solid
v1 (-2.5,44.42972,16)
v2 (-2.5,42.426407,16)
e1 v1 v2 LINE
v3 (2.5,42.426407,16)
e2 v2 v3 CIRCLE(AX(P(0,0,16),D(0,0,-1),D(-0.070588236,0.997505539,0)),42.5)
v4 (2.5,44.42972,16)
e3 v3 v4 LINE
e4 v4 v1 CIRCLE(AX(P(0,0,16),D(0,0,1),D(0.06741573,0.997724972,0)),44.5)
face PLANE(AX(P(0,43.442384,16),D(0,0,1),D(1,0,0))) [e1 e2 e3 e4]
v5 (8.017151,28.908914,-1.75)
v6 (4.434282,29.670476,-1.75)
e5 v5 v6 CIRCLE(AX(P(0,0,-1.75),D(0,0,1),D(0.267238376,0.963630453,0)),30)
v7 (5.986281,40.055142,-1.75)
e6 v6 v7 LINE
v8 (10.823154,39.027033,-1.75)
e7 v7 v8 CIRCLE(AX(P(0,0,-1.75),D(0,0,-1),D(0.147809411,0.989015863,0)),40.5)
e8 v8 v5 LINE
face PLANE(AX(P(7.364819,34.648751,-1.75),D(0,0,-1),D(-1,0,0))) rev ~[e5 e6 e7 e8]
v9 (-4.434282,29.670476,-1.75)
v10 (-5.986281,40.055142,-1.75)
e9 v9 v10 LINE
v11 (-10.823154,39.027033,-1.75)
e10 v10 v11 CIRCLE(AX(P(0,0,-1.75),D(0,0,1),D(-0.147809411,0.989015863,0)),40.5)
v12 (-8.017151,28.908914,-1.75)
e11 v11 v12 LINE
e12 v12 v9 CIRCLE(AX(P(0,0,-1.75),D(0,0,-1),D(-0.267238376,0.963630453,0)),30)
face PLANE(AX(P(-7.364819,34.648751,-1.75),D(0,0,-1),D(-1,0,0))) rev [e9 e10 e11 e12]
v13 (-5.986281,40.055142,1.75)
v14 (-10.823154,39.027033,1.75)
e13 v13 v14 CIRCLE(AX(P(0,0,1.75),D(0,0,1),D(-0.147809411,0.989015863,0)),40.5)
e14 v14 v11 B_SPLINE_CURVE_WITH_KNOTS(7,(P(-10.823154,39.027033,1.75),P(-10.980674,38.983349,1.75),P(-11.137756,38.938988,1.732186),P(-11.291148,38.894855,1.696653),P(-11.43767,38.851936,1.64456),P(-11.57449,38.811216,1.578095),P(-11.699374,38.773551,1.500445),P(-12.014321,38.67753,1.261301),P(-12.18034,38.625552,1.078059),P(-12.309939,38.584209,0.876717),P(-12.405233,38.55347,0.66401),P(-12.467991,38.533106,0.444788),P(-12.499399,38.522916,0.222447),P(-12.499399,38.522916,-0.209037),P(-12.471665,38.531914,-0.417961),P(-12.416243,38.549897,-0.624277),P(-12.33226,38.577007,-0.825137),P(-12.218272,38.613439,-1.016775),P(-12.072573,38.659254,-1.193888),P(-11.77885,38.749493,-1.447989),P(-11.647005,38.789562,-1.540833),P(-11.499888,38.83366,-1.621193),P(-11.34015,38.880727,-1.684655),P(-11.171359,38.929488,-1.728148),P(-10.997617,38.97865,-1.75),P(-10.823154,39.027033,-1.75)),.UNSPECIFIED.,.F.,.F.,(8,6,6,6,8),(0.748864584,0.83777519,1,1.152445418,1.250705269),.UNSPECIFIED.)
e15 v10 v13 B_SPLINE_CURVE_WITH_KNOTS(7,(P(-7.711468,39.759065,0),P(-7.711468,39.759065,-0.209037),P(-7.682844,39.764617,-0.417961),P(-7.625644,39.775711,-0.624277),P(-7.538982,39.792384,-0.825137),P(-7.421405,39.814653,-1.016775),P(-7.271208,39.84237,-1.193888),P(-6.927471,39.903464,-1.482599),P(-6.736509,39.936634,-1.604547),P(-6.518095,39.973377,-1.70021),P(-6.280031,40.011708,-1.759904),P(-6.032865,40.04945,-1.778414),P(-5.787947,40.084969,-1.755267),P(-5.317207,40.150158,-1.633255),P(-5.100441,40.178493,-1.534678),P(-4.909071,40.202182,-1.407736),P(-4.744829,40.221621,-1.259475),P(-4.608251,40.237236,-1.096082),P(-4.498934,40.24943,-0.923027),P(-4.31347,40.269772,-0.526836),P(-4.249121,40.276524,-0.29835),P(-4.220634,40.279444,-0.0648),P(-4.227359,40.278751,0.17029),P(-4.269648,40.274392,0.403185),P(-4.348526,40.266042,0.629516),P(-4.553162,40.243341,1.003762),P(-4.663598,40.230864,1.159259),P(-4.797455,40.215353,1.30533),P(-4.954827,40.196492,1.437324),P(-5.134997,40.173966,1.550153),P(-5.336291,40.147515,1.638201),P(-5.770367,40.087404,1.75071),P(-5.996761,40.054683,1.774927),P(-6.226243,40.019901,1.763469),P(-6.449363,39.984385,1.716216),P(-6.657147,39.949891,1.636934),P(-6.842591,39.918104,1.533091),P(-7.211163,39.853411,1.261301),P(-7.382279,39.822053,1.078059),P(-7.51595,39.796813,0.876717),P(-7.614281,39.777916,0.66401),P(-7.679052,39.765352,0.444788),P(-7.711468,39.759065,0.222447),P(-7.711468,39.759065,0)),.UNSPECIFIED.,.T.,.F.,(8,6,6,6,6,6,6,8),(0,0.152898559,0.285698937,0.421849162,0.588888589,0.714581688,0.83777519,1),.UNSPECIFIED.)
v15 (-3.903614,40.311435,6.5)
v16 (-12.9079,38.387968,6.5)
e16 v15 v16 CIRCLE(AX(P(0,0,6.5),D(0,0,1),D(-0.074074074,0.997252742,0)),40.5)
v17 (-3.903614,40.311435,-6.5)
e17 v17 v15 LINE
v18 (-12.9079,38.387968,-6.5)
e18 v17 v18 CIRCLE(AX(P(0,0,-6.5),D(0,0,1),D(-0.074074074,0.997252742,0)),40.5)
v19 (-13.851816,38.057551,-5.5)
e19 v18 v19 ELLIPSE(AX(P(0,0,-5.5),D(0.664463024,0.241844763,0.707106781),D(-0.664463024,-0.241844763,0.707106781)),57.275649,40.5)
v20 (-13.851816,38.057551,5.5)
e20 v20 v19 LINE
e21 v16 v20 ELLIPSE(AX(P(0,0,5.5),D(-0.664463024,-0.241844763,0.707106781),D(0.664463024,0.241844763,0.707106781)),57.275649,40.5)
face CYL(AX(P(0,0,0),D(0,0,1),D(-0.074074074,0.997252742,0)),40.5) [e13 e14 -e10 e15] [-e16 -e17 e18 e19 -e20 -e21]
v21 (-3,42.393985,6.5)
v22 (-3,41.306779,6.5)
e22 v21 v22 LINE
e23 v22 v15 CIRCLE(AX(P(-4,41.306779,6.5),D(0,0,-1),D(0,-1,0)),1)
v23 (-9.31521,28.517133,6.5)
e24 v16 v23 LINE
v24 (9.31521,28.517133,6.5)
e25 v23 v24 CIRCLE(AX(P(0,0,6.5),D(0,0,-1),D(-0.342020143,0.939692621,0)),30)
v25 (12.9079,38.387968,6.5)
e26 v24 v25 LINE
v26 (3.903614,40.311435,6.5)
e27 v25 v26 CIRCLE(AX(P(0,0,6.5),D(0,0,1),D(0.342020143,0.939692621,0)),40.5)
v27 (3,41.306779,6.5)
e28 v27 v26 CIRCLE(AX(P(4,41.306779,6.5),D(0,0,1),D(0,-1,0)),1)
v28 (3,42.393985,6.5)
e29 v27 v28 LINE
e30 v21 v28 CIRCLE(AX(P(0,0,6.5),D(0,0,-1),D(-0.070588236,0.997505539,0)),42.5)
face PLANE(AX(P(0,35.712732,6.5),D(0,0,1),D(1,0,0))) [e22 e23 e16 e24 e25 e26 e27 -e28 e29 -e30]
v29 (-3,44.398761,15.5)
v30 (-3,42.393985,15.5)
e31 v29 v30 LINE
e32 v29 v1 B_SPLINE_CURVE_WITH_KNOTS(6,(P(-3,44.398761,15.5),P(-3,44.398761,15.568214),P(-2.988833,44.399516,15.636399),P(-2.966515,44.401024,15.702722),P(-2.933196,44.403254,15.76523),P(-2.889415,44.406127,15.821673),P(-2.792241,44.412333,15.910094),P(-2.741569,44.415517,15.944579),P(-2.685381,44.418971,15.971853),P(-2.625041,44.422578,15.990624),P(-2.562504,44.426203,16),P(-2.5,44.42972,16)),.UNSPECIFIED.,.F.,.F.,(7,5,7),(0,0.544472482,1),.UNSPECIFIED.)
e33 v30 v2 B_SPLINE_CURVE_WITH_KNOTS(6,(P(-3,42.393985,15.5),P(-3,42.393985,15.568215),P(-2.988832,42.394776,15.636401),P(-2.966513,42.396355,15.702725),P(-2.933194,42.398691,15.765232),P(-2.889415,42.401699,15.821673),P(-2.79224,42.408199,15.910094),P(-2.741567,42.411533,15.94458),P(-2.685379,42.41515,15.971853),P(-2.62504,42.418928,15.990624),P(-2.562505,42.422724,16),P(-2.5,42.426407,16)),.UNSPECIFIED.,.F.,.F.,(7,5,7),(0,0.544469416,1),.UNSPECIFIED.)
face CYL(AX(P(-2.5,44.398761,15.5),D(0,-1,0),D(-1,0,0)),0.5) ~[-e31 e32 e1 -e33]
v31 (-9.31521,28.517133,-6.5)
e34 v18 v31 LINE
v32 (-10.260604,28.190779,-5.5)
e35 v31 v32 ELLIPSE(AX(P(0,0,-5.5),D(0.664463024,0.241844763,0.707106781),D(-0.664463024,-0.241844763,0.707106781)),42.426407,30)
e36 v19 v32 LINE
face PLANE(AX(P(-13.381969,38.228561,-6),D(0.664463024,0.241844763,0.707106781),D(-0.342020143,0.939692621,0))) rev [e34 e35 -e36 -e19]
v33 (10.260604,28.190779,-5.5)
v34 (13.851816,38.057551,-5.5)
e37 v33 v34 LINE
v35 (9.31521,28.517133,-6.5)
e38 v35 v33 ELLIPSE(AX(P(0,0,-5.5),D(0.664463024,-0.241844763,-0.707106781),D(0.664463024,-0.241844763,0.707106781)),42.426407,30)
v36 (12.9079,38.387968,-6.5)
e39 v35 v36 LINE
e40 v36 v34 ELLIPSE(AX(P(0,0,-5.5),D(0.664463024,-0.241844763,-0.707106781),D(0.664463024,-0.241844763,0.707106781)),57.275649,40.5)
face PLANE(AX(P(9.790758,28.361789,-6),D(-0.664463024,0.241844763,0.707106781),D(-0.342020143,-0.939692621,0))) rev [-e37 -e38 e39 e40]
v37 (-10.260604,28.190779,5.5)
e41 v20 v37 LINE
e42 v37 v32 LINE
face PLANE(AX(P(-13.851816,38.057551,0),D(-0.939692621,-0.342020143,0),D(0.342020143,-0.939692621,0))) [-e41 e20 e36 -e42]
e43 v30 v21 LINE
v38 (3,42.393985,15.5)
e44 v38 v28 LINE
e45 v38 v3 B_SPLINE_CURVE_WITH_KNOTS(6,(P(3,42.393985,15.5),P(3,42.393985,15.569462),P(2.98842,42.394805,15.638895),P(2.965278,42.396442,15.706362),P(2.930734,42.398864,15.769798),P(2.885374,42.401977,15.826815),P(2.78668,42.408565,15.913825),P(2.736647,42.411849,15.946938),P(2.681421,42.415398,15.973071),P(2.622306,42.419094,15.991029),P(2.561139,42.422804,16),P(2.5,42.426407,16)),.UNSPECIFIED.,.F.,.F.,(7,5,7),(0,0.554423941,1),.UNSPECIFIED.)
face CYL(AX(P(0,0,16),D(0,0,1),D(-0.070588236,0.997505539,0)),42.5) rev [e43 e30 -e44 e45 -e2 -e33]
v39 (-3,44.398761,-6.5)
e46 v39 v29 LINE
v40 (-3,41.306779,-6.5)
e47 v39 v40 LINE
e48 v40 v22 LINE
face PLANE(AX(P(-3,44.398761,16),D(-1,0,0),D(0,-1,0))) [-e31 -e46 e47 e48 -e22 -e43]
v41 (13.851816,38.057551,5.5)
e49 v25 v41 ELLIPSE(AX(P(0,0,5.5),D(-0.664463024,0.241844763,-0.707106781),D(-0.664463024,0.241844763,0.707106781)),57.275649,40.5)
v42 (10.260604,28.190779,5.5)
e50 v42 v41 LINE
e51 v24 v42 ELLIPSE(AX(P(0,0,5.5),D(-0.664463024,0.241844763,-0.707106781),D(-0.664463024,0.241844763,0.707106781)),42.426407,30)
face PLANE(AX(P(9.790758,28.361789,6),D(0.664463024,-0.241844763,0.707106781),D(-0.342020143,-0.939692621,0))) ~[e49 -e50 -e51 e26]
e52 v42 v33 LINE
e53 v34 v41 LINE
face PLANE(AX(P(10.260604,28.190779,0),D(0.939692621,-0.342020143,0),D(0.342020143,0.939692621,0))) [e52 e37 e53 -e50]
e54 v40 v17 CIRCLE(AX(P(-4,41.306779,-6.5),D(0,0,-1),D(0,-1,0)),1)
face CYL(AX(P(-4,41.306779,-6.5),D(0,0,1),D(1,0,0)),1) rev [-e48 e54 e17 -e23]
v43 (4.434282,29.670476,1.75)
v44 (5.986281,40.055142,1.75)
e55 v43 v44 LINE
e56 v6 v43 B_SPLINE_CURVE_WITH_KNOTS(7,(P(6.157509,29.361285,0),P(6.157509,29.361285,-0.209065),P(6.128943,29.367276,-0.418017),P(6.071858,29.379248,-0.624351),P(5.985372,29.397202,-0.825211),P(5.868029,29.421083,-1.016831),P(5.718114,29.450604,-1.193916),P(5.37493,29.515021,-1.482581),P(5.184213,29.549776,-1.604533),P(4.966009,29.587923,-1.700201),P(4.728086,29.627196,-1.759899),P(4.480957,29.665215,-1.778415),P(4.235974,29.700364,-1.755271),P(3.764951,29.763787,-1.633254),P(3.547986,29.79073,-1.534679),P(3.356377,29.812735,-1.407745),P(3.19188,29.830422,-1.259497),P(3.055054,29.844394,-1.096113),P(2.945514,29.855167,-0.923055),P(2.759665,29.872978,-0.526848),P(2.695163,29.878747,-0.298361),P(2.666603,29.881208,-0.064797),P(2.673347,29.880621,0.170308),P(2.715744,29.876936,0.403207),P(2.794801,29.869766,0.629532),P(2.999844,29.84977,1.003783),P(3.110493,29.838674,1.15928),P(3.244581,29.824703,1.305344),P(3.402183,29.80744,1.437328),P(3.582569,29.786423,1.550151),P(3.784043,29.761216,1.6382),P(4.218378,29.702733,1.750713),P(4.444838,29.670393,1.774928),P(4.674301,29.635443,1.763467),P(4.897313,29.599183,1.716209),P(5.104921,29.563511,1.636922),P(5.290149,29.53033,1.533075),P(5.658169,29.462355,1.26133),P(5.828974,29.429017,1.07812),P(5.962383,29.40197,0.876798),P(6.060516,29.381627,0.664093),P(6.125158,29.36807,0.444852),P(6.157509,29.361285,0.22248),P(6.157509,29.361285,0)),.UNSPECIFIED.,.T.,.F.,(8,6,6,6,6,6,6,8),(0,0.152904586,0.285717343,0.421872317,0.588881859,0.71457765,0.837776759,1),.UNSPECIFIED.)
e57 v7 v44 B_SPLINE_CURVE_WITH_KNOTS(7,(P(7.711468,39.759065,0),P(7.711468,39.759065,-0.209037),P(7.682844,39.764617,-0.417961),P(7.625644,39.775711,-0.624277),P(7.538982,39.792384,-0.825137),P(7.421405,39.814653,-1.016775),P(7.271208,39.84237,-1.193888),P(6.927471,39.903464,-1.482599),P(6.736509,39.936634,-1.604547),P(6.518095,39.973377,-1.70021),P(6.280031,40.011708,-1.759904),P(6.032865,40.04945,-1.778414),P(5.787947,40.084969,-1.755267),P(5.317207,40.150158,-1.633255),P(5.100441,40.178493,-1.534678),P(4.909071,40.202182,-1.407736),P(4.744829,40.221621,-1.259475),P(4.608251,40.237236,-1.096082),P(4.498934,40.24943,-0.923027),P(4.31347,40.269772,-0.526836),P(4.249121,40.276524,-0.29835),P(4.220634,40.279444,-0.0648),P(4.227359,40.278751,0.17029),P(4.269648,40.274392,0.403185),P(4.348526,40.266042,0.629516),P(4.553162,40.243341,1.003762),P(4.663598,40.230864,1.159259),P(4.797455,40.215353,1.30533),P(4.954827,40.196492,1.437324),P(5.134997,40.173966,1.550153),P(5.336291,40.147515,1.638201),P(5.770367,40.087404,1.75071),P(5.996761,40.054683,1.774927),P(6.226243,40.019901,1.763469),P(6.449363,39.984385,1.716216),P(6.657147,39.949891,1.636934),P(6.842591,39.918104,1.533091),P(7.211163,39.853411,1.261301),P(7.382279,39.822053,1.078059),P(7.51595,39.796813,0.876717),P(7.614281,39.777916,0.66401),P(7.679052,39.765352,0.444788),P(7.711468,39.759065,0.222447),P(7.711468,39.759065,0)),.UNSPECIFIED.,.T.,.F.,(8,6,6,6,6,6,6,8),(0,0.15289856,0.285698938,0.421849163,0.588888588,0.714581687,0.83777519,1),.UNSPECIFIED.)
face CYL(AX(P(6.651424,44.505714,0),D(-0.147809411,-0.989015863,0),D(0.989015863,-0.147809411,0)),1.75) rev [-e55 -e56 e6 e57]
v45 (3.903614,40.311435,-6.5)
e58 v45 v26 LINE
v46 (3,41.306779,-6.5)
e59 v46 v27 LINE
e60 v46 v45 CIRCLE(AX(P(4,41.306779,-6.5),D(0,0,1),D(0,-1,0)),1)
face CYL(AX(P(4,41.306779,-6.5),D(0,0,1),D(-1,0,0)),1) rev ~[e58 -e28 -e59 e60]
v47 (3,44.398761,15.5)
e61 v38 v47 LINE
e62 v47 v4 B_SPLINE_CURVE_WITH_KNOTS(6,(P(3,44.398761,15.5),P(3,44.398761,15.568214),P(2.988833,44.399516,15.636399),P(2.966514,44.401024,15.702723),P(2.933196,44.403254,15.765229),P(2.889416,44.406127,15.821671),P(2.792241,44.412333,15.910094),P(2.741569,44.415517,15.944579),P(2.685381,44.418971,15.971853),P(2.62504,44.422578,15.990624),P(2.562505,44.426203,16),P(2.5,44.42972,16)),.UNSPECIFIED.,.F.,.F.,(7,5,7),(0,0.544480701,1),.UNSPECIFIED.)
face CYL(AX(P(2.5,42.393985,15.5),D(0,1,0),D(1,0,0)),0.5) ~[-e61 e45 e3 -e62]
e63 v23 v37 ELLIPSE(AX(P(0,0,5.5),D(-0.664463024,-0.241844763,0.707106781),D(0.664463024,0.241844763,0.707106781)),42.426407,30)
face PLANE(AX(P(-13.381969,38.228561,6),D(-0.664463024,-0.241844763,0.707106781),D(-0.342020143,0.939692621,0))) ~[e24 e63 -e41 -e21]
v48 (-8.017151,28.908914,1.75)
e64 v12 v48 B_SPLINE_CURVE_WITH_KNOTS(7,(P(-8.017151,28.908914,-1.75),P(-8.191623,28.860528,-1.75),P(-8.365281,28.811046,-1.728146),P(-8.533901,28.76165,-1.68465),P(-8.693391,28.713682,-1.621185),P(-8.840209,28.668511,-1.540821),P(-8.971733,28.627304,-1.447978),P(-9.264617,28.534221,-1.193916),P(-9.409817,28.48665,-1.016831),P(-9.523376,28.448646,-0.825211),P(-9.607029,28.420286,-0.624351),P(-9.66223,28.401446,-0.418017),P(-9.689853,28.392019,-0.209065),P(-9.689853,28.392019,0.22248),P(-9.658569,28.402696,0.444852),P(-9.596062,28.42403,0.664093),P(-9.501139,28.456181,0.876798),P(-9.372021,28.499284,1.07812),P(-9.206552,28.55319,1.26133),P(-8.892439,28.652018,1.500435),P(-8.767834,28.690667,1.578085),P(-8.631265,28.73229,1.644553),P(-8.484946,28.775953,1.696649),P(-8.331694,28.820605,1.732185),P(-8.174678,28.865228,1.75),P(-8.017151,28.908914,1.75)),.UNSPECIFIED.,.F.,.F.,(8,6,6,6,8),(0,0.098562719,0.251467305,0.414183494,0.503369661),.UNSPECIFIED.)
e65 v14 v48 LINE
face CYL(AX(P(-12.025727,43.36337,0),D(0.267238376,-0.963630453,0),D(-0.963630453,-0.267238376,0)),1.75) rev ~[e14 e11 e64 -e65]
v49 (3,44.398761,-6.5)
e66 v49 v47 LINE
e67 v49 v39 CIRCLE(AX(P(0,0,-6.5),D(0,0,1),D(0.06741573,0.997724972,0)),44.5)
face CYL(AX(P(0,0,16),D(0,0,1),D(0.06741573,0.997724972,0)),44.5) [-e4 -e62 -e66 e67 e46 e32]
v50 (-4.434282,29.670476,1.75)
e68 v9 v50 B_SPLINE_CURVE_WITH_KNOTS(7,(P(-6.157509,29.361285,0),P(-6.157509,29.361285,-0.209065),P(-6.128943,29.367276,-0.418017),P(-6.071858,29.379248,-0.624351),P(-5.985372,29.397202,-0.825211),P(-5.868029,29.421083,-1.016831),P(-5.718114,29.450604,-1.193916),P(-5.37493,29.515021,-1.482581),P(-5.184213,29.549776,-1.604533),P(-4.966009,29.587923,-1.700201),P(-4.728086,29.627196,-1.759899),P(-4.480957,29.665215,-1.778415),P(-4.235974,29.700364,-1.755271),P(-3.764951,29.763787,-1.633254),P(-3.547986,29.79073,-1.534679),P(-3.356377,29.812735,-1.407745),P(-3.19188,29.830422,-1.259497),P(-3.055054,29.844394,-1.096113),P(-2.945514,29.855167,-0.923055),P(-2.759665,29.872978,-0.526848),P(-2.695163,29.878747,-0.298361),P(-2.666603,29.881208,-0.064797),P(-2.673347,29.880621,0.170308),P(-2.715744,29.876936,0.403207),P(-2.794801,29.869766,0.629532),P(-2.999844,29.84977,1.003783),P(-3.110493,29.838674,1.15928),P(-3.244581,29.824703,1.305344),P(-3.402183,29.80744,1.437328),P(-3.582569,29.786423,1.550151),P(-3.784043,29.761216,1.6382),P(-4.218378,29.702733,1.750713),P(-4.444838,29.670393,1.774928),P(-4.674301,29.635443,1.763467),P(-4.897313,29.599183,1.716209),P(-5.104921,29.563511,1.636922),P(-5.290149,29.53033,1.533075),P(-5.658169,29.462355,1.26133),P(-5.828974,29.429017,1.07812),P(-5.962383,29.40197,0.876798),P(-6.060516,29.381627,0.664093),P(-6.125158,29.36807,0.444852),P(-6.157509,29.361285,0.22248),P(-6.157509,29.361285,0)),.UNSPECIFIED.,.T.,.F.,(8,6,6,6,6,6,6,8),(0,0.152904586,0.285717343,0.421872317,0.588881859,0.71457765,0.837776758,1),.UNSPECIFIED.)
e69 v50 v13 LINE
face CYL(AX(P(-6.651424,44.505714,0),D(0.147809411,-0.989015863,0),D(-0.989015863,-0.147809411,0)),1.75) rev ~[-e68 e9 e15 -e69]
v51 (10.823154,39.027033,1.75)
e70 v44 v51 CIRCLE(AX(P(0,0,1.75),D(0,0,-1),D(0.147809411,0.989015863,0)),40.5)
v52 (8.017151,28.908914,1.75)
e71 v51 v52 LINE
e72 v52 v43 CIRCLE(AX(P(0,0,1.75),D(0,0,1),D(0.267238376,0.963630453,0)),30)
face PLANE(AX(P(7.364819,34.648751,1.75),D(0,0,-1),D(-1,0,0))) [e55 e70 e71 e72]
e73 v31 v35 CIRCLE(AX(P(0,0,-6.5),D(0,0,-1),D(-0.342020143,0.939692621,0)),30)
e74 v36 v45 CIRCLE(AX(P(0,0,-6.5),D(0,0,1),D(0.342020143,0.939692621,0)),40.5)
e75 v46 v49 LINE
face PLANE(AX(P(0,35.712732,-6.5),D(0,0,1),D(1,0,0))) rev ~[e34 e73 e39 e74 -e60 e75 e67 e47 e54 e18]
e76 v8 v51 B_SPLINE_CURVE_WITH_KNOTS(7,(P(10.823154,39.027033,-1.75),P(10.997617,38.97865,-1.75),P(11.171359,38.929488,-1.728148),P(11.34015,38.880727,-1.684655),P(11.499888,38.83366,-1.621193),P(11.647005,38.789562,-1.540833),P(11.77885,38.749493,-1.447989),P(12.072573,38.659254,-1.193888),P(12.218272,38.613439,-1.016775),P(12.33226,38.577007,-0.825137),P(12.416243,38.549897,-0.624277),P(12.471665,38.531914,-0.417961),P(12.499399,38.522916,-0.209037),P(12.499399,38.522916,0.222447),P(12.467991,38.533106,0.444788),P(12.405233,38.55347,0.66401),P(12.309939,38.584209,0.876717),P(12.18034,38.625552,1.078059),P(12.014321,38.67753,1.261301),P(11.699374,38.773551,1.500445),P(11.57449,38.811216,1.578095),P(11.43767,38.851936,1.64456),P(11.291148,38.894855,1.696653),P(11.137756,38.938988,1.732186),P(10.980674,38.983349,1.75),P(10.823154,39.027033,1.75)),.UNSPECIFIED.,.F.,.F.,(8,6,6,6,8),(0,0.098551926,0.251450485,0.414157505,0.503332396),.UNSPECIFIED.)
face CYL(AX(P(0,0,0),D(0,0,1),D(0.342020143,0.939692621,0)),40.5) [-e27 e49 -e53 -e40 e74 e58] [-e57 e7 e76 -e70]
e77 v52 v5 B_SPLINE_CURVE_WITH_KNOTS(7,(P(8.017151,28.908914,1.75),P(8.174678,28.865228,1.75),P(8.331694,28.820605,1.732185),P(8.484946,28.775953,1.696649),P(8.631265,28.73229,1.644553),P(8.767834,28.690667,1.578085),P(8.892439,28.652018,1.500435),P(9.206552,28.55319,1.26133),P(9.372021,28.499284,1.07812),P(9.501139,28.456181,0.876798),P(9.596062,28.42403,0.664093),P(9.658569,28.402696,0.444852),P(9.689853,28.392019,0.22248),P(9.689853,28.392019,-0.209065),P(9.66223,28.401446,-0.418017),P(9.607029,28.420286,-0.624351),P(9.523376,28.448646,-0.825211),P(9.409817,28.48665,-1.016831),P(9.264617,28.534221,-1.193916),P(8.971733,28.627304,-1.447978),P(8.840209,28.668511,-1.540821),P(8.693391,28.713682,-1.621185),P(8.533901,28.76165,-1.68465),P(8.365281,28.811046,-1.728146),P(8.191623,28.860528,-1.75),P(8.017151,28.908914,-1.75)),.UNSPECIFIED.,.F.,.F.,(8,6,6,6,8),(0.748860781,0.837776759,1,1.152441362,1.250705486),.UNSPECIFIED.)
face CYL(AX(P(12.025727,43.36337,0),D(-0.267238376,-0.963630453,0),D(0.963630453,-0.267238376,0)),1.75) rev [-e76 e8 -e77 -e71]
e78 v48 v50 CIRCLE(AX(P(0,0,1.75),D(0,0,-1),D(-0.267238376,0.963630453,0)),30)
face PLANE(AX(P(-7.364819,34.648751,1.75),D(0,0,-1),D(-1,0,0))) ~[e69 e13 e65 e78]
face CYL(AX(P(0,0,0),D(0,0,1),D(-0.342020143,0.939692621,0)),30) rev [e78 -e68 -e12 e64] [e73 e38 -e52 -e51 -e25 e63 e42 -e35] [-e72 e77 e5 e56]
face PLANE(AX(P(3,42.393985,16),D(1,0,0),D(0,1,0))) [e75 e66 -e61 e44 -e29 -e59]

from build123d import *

# Parameters (mm, degrees)
EXTRUDE_1_DEPTH          = 6.5
EXTRUDE_START            = 9.5
EXTRUDE_2_DEPTH          = 9.5
PATTERN_CIRCULAR_1_COUNT = 2
PATTERN_CIRCULAR_1_ANGLE = 7
CUT_EXTRUDE_2_DEPTH      = 1.75
FILLET_1_R               = 1
CHAMFER_1_SIZE           = 1
FILLET_2_R               = 0.5


with BuildPart() as part:
    # Эскиз1 → Бобышка-Вытянуть1 (new, symmetric)
    with BuildSketch(Plane.XY):
        with BuildLine():
            Line((10.2606043, 28.190778624), (13.851815805, 38.057551142))
            ThreePointArc((13.851815805, 38.057551142), (8.506146587, 39.596659837), (3, 40.388736054))
            Line((3, 40.388736054), (3, 44.398761244))
            ThreePointArc((3, 44.398761244), (0, 44.5), (-3, 44.398761244))
            Line((-3, 44.398761244), (-3, 40.388736054))
            ThreePointArc((-3, 40.388736054), (-8.506146587, 39.596659837), (-13.851815805, 38.057551142))
            Line((-13.851815805, 38.057551142), (-10.2606043, 28.190778624))
            ThreePointArc((-10.2606043, 28.190778624), (0, 30), (10.2606043, 28.190778624))
        make_face()
    extrude(amount=EXTRUDE_1_DEPTH, both=True)

    # Эскиз2 → Бобышка-Вытянуть2 (add)
    with BuildSketch(Plane.XY.offset(6.5).offset(EXTRUDE_START)):
        with BuildLine():
            Line((3, 42.393985422), (3, 44.398761244))
            ThreePointArc((3, 44.398761244), (0, 44.5), (-3, 44.398761244))
            Line((-3, 44.398761244), (-3, 42.393985422))
            ThreePointArc((-3, 42.393985422), (0, 42.5), (3, 42.393985422))
        make_face()
    extrude(amount=-EXTRUDE_2_DEPTH)

    # Эскиз4 → Вырез-Повернуть1 (revolve, cut)
    with BuildSketch(Plane.XY):
        Polygon((13.712080217, 42.895703236), (8.367312695, 23.623094172), (6.680959402, 24.09076133), (12.025726924, 43.363370394), align=None)
    cut_revolve_1 = revolve(axis=Axis((0, 0, 0), (0.2672383760782574, 0.9636304532086228, 0)), mode=Mode.SUBTRACT)

    # Круговой массив1: Вырез-Повернуть1 ×2 about axis
    pattern_circular_1_axis = Axis((0, 0, 6.5), (0, 0, 1))
    for i in range(1, PATTERN_CIRCULAR_1_COUNT):
        add(cut_revolve_1.rotate(pattern_circular_1_axis, i * PATTERN_CIRCULAR_1_ANGLE / (PATTERN_CIRCULAR_1_COUNT - 1)), mode=Mode.SUBTRACT)

    # Эскиз6 → Вырез-Вытянуть2 (cut, symmetric)
    with BuildSketch(Plane.XY):
        with BuildLine():
            Line((4.434282334, 29.670475901), (5.986281151, 40.055142466))
            ThreePointArc((5.986281151, 40.055142466), (8.420423478, 39.61497783), (10.823154231, 39.027033355))
            Line((10.823154231, 39.027033355), (8.017151282, 28.908913596))
            ThreePointArc((8.017151282, 28.908913596), (6.237350725, 29.344428022), (4.434282334, 29.670475901))
        make_face()
    cut_extrude_2 = extrude(amount=CUT_EXTRUDE_2_DEPTH, both=True, mode=Mode.SUBTRACT)

    # Зеркальное отражение1: Вырез-Повернуть1, Вырез-Вытянуть2 across plane
    add(cut_revolve_1.mirror(Plane(origin=(0, 0, 0), x_dir=(0, 0, 1), z_dir=(1, 0, 0))), mode=Mode.SUBTRACT)
    add(cut_extrude_2.mirror(Plane(origin=(0, 0, 0), x_dir=(0, 0, 1), z_dir=(1, 0, 0))), mode=Mode.SUBTRACT)

    # Зеркальное отражение1 copy 1 sketch → Зеркальное отражение1 copy 1 (revolve, cut)
    with BuildSketch(Plane(origin=(0, 0, 0), x_dir=(-0.992546151641322, 0.12186934340514775, 0), z_dir=(0, 0, 1))):
        Polygon((13.712080217, -42.895703236), (8.367312695, -23.623094172), (6.680959402, -24.09076133), (12.025726924, -43.363370394), align=None)
    revolve(axis=Axis((0, 0, 0), (0.14780941112961088, -0.9890158633619167, 0)), mode=Mode.SUBTRACT)

    # Скругление1
    fillet_1_edges = [part.edges().sort_by_distance(p)[0] for p in [
        (-3, 40.388736054, 0),
        (3, 40.388736054, 0),
    ]]
    fillet(fillet_1_edges, radius=FILLET_1_R)

    # Фаска1
    chamfer_1_edges = [part.edges().sort_by_distance(p)[0] for p in [
        (12.056210052, 33.124164883, -6.5),
        (-12.056210052, 33.124164883, 6.5),
        (-12.056210052, 33.124164883, -6.5),
        (12.056210052, 33.124164883, 6.5),
    ]]
    chamfer(chamfer_1_edges, length=CHAMFER_1_SIZE)

    # Скругление2
    fillet_2_edges = [part.edges().sort_by_distance(p)[0] for p in [
        (-3, 43.396373333, 16),
        (3, 43.396373333, 16),
    ]]
    fillet(fillet_2_edges, radius=FILLET_2_R)


solid = part.part
